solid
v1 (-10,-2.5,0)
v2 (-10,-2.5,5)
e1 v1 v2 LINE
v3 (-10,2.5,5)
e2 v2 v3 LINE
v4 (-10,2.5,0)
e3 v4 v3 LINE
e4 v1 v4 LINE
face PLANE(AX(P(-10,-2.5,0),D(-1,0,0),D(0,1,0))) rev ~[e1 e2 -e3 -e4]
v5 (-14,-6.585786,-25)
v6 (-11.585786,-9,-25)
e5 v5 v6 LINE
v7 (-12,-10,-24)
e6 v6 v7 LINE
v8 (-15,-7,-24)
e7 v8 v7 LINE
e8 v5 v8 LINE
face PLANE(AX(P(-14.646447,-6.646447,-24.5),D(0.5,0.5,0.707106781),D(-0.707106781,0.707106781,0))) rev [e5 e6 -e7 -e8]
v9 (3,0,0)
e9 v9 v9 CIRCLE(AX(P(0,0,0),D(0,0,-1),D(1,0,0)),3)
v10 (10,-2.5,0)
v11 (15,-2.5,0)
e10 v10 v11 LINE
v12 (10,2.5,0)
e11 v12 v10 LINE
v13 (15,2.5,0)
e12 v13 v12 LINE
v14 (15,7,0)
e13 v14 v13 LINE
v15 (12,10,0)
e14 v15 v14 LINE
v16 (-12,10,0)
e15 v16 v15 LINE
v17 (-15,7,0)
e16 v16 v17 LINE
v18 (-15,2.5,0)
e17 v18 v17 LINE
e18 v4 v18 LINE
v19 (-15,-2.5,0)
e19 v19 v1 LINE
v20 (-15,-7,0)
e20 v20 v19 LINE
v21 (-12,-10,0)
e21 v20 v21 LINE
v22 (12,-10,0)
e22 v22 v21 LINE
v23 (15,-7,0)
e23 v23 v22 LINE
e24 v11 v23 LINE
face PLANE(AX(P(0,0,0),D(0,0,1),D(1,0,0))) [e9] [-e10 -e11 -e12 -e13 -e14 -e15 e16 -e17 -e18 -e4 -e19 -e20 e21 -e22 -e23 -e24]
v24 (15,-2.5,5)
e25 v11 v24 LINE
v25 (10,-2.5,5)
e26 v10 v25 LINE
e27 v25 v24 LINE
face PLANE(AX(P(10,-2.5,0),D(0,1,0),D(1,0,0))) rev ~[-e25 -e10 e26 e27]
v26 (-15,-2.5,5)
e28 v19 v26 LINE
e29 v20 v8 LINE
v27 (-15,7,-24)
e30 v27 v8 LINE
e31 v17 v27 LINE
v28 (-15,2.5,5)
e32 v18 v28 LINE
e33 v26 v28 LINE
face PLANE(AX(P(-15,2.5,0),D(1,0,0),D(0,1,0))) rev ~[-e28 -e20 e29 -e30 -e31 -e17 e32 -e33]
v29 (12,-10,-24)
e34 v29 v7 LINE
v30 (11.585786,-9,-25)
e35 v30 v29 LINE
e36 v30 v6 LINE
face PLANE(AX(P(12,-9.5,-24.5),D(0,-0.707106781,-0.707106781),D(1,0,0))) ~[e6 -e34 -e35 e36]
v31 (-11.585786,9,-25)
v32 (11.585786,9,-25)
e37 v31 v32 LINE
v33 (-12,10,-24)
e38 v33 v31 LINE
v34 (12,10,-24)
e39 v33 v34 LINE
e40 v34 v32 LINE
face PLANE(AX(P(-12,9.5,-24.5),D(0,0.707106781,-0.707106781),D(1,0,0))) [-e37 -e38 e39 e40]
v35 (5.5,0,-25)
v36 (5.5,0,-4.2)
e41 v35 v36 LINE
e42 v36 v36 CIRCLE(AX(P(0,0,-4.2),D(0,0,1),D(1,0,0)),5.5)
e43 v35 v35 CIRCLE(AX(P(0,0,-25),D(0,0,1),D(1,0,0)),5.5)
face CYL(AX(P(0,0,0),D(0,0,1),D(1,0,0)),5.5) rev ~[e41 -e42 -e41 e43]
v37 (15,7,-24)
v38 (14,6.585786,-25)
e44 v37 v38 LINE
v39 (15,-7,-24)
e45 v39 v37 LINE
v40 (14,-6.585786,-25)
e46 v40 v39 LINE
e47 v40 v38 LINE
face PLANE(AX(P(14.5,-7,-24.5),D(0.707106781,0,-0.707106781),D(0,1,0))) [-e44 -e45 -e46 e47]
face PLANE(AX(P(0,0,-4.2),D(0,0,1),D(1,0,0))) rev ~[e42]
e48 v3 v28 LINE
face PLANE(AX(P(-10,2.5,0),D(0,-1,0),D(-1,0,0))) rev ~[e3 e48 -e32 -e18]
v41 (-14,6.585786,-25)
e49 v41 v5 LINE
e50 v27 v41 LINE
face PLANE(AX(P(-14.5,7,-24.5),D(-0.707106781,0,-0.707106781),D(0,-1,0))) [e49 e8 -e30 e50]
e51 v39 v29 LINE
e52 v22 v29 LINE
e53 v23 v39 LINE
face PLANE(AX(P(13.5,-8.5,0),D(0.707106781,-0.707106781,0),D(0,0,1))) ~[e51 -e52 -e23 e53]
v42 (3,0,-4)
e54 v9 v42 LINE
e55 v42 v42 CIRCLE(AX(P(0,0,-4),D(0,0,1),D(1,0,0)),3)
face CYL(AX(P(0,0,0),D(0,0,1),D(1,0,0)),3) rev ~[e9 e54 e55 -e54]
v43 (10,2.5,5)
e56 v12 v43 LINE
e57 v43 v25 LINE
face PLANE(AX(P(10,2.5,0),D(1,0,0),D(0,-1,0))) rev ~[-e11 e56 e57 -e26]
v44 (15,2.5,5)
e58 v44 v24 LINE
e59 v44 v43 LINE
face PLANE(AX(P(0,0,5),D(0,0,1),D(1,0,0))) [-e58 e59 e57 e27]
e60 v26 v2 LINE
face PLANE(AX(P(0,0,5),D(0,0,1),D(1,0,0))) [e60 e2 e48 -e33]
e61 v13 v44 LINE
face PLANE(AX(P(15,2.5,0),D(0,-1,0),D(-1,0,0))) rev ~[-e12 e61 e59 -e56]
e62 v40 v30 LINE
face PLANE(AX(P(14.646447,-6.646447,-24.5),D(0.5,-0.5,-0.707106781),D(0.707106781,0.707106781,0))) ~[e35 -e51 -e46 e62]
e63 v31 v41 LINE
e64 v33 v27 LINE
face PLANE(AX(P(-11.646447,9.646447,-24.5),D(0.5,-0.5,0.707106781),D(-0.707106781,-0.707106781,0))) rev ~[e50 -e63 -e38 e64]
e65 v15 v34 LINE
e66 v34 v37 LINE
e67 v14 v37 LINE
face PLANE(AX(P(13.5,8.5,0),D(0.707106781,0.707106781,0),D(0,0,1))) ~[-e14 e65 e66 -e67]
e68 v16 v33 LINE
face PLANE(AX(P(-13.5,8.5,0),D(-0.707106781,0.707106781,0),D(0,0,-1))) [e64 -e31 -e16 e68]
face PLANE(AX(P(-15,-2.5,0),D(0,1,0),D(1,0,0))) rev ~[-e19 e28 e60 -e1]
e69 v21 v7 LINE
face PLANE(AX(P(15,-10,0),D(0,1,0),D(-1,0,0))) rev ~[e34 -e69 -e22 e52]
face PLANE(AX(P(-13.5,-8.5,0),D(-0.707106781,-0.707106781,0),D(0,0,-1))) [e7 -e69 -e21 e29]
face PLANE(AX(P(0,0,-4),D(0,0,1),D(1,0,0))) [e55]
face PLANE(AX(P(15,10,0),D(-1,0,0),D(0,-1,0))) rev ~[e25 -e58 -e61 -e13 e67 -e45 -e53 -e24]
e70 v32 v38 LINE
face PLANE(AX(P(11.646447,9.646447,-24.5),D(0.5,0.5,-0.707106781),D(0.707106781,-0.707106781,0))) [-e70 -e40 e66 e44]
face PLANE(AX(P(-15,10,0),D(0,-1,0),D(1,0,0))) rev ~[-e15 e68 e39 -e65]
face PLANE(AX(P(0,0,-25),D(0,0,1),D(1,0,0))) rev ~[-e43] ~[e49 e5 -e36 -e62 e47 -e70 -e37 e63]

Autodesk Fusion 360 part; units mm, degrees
sketch "Szkic1" plane through (0, 0, 0) normal (0, 0, 1) x (1, 0, 0)
  line L0 (-15, 10) -> (15, 10)
  line L1 (15, 10) -> (15, -10)
  line L2 (15, -10) -> (-15, -10)
  line L3 (-15, -10) -> (-15, 10)
  circle A0 centre (0, 0) radius 3
  circle A1 centre (0, 0) radius 5.5
  line L4 (-15, 2.5) -> (-15, -2.5)
  line L5 (-15, -2.5) -> (15, -2.5)
  line L6 (15, -2.5) -> (15, 2.5)
  line L7 (15, 2.5) -> (-15, 2.5)
  line L8 (-10, 2.5) -> (10, 2.5)
  line L9 (10, 2.5) -> (10, -2.5)
  line L10 (10, -2.5) -> (-10, -2.5)
  line L11 (-10, -2.5) -> (-10, 2.5)
  dimension "d1" = 6
  dimension "d2" = 11
extrude "Wyciągnięcie proste1" add sketch "Szkic1" against normal blind 25 contours L0 L1 L3 A1 L7 L8 | L3 L4 L5 L7 L11 | L1 L5 L6 L7 L9 | L1 L2 L3 A1 L5 L10 | A1 L5 L7 L8 L10 L11 | A1 L5 L7 L8 L9 L10
extrude "Wyciągnięcie proste2" add sketch "Szkic1" against normal blind 4.2 contours A0 A1 L5 L7 L8 L10 | A0 A1 L7 L8 | A0 A1 L5 L7 L8 L10 | A0 A1 L5 L10 | A0 L5 L7 L8 L10 | A0 L7 L8 | A0 L5 L10
extrude "Wyciągnięcie proste3" cut sketch "Szkic1" against normal blind 4 contours A0 L5 L7 L8 L10 | A0 L7 L8 | A0 L5 L10
extrude "Wyciągnięcie proste4" add sketch "Szkic1" along normal blind 5 contours L3 L4 L5 L7 L11 | L1 L5 L6 L7 L9
chamfer "Fazowanie1" distance 3 angle 45 4 edges at (15, -10, -12.5) (15, 10, -12.5) (-15, -10, -12.5) (-15, 10, -12.5)
chamfer "Fazowanie2" distance 1 angle 45 1 faces at (11.8333, 0, -25)
delete_face "Usuń powierzchnię1" 1 faces at (6.159, 0.3074, -24.6667)
